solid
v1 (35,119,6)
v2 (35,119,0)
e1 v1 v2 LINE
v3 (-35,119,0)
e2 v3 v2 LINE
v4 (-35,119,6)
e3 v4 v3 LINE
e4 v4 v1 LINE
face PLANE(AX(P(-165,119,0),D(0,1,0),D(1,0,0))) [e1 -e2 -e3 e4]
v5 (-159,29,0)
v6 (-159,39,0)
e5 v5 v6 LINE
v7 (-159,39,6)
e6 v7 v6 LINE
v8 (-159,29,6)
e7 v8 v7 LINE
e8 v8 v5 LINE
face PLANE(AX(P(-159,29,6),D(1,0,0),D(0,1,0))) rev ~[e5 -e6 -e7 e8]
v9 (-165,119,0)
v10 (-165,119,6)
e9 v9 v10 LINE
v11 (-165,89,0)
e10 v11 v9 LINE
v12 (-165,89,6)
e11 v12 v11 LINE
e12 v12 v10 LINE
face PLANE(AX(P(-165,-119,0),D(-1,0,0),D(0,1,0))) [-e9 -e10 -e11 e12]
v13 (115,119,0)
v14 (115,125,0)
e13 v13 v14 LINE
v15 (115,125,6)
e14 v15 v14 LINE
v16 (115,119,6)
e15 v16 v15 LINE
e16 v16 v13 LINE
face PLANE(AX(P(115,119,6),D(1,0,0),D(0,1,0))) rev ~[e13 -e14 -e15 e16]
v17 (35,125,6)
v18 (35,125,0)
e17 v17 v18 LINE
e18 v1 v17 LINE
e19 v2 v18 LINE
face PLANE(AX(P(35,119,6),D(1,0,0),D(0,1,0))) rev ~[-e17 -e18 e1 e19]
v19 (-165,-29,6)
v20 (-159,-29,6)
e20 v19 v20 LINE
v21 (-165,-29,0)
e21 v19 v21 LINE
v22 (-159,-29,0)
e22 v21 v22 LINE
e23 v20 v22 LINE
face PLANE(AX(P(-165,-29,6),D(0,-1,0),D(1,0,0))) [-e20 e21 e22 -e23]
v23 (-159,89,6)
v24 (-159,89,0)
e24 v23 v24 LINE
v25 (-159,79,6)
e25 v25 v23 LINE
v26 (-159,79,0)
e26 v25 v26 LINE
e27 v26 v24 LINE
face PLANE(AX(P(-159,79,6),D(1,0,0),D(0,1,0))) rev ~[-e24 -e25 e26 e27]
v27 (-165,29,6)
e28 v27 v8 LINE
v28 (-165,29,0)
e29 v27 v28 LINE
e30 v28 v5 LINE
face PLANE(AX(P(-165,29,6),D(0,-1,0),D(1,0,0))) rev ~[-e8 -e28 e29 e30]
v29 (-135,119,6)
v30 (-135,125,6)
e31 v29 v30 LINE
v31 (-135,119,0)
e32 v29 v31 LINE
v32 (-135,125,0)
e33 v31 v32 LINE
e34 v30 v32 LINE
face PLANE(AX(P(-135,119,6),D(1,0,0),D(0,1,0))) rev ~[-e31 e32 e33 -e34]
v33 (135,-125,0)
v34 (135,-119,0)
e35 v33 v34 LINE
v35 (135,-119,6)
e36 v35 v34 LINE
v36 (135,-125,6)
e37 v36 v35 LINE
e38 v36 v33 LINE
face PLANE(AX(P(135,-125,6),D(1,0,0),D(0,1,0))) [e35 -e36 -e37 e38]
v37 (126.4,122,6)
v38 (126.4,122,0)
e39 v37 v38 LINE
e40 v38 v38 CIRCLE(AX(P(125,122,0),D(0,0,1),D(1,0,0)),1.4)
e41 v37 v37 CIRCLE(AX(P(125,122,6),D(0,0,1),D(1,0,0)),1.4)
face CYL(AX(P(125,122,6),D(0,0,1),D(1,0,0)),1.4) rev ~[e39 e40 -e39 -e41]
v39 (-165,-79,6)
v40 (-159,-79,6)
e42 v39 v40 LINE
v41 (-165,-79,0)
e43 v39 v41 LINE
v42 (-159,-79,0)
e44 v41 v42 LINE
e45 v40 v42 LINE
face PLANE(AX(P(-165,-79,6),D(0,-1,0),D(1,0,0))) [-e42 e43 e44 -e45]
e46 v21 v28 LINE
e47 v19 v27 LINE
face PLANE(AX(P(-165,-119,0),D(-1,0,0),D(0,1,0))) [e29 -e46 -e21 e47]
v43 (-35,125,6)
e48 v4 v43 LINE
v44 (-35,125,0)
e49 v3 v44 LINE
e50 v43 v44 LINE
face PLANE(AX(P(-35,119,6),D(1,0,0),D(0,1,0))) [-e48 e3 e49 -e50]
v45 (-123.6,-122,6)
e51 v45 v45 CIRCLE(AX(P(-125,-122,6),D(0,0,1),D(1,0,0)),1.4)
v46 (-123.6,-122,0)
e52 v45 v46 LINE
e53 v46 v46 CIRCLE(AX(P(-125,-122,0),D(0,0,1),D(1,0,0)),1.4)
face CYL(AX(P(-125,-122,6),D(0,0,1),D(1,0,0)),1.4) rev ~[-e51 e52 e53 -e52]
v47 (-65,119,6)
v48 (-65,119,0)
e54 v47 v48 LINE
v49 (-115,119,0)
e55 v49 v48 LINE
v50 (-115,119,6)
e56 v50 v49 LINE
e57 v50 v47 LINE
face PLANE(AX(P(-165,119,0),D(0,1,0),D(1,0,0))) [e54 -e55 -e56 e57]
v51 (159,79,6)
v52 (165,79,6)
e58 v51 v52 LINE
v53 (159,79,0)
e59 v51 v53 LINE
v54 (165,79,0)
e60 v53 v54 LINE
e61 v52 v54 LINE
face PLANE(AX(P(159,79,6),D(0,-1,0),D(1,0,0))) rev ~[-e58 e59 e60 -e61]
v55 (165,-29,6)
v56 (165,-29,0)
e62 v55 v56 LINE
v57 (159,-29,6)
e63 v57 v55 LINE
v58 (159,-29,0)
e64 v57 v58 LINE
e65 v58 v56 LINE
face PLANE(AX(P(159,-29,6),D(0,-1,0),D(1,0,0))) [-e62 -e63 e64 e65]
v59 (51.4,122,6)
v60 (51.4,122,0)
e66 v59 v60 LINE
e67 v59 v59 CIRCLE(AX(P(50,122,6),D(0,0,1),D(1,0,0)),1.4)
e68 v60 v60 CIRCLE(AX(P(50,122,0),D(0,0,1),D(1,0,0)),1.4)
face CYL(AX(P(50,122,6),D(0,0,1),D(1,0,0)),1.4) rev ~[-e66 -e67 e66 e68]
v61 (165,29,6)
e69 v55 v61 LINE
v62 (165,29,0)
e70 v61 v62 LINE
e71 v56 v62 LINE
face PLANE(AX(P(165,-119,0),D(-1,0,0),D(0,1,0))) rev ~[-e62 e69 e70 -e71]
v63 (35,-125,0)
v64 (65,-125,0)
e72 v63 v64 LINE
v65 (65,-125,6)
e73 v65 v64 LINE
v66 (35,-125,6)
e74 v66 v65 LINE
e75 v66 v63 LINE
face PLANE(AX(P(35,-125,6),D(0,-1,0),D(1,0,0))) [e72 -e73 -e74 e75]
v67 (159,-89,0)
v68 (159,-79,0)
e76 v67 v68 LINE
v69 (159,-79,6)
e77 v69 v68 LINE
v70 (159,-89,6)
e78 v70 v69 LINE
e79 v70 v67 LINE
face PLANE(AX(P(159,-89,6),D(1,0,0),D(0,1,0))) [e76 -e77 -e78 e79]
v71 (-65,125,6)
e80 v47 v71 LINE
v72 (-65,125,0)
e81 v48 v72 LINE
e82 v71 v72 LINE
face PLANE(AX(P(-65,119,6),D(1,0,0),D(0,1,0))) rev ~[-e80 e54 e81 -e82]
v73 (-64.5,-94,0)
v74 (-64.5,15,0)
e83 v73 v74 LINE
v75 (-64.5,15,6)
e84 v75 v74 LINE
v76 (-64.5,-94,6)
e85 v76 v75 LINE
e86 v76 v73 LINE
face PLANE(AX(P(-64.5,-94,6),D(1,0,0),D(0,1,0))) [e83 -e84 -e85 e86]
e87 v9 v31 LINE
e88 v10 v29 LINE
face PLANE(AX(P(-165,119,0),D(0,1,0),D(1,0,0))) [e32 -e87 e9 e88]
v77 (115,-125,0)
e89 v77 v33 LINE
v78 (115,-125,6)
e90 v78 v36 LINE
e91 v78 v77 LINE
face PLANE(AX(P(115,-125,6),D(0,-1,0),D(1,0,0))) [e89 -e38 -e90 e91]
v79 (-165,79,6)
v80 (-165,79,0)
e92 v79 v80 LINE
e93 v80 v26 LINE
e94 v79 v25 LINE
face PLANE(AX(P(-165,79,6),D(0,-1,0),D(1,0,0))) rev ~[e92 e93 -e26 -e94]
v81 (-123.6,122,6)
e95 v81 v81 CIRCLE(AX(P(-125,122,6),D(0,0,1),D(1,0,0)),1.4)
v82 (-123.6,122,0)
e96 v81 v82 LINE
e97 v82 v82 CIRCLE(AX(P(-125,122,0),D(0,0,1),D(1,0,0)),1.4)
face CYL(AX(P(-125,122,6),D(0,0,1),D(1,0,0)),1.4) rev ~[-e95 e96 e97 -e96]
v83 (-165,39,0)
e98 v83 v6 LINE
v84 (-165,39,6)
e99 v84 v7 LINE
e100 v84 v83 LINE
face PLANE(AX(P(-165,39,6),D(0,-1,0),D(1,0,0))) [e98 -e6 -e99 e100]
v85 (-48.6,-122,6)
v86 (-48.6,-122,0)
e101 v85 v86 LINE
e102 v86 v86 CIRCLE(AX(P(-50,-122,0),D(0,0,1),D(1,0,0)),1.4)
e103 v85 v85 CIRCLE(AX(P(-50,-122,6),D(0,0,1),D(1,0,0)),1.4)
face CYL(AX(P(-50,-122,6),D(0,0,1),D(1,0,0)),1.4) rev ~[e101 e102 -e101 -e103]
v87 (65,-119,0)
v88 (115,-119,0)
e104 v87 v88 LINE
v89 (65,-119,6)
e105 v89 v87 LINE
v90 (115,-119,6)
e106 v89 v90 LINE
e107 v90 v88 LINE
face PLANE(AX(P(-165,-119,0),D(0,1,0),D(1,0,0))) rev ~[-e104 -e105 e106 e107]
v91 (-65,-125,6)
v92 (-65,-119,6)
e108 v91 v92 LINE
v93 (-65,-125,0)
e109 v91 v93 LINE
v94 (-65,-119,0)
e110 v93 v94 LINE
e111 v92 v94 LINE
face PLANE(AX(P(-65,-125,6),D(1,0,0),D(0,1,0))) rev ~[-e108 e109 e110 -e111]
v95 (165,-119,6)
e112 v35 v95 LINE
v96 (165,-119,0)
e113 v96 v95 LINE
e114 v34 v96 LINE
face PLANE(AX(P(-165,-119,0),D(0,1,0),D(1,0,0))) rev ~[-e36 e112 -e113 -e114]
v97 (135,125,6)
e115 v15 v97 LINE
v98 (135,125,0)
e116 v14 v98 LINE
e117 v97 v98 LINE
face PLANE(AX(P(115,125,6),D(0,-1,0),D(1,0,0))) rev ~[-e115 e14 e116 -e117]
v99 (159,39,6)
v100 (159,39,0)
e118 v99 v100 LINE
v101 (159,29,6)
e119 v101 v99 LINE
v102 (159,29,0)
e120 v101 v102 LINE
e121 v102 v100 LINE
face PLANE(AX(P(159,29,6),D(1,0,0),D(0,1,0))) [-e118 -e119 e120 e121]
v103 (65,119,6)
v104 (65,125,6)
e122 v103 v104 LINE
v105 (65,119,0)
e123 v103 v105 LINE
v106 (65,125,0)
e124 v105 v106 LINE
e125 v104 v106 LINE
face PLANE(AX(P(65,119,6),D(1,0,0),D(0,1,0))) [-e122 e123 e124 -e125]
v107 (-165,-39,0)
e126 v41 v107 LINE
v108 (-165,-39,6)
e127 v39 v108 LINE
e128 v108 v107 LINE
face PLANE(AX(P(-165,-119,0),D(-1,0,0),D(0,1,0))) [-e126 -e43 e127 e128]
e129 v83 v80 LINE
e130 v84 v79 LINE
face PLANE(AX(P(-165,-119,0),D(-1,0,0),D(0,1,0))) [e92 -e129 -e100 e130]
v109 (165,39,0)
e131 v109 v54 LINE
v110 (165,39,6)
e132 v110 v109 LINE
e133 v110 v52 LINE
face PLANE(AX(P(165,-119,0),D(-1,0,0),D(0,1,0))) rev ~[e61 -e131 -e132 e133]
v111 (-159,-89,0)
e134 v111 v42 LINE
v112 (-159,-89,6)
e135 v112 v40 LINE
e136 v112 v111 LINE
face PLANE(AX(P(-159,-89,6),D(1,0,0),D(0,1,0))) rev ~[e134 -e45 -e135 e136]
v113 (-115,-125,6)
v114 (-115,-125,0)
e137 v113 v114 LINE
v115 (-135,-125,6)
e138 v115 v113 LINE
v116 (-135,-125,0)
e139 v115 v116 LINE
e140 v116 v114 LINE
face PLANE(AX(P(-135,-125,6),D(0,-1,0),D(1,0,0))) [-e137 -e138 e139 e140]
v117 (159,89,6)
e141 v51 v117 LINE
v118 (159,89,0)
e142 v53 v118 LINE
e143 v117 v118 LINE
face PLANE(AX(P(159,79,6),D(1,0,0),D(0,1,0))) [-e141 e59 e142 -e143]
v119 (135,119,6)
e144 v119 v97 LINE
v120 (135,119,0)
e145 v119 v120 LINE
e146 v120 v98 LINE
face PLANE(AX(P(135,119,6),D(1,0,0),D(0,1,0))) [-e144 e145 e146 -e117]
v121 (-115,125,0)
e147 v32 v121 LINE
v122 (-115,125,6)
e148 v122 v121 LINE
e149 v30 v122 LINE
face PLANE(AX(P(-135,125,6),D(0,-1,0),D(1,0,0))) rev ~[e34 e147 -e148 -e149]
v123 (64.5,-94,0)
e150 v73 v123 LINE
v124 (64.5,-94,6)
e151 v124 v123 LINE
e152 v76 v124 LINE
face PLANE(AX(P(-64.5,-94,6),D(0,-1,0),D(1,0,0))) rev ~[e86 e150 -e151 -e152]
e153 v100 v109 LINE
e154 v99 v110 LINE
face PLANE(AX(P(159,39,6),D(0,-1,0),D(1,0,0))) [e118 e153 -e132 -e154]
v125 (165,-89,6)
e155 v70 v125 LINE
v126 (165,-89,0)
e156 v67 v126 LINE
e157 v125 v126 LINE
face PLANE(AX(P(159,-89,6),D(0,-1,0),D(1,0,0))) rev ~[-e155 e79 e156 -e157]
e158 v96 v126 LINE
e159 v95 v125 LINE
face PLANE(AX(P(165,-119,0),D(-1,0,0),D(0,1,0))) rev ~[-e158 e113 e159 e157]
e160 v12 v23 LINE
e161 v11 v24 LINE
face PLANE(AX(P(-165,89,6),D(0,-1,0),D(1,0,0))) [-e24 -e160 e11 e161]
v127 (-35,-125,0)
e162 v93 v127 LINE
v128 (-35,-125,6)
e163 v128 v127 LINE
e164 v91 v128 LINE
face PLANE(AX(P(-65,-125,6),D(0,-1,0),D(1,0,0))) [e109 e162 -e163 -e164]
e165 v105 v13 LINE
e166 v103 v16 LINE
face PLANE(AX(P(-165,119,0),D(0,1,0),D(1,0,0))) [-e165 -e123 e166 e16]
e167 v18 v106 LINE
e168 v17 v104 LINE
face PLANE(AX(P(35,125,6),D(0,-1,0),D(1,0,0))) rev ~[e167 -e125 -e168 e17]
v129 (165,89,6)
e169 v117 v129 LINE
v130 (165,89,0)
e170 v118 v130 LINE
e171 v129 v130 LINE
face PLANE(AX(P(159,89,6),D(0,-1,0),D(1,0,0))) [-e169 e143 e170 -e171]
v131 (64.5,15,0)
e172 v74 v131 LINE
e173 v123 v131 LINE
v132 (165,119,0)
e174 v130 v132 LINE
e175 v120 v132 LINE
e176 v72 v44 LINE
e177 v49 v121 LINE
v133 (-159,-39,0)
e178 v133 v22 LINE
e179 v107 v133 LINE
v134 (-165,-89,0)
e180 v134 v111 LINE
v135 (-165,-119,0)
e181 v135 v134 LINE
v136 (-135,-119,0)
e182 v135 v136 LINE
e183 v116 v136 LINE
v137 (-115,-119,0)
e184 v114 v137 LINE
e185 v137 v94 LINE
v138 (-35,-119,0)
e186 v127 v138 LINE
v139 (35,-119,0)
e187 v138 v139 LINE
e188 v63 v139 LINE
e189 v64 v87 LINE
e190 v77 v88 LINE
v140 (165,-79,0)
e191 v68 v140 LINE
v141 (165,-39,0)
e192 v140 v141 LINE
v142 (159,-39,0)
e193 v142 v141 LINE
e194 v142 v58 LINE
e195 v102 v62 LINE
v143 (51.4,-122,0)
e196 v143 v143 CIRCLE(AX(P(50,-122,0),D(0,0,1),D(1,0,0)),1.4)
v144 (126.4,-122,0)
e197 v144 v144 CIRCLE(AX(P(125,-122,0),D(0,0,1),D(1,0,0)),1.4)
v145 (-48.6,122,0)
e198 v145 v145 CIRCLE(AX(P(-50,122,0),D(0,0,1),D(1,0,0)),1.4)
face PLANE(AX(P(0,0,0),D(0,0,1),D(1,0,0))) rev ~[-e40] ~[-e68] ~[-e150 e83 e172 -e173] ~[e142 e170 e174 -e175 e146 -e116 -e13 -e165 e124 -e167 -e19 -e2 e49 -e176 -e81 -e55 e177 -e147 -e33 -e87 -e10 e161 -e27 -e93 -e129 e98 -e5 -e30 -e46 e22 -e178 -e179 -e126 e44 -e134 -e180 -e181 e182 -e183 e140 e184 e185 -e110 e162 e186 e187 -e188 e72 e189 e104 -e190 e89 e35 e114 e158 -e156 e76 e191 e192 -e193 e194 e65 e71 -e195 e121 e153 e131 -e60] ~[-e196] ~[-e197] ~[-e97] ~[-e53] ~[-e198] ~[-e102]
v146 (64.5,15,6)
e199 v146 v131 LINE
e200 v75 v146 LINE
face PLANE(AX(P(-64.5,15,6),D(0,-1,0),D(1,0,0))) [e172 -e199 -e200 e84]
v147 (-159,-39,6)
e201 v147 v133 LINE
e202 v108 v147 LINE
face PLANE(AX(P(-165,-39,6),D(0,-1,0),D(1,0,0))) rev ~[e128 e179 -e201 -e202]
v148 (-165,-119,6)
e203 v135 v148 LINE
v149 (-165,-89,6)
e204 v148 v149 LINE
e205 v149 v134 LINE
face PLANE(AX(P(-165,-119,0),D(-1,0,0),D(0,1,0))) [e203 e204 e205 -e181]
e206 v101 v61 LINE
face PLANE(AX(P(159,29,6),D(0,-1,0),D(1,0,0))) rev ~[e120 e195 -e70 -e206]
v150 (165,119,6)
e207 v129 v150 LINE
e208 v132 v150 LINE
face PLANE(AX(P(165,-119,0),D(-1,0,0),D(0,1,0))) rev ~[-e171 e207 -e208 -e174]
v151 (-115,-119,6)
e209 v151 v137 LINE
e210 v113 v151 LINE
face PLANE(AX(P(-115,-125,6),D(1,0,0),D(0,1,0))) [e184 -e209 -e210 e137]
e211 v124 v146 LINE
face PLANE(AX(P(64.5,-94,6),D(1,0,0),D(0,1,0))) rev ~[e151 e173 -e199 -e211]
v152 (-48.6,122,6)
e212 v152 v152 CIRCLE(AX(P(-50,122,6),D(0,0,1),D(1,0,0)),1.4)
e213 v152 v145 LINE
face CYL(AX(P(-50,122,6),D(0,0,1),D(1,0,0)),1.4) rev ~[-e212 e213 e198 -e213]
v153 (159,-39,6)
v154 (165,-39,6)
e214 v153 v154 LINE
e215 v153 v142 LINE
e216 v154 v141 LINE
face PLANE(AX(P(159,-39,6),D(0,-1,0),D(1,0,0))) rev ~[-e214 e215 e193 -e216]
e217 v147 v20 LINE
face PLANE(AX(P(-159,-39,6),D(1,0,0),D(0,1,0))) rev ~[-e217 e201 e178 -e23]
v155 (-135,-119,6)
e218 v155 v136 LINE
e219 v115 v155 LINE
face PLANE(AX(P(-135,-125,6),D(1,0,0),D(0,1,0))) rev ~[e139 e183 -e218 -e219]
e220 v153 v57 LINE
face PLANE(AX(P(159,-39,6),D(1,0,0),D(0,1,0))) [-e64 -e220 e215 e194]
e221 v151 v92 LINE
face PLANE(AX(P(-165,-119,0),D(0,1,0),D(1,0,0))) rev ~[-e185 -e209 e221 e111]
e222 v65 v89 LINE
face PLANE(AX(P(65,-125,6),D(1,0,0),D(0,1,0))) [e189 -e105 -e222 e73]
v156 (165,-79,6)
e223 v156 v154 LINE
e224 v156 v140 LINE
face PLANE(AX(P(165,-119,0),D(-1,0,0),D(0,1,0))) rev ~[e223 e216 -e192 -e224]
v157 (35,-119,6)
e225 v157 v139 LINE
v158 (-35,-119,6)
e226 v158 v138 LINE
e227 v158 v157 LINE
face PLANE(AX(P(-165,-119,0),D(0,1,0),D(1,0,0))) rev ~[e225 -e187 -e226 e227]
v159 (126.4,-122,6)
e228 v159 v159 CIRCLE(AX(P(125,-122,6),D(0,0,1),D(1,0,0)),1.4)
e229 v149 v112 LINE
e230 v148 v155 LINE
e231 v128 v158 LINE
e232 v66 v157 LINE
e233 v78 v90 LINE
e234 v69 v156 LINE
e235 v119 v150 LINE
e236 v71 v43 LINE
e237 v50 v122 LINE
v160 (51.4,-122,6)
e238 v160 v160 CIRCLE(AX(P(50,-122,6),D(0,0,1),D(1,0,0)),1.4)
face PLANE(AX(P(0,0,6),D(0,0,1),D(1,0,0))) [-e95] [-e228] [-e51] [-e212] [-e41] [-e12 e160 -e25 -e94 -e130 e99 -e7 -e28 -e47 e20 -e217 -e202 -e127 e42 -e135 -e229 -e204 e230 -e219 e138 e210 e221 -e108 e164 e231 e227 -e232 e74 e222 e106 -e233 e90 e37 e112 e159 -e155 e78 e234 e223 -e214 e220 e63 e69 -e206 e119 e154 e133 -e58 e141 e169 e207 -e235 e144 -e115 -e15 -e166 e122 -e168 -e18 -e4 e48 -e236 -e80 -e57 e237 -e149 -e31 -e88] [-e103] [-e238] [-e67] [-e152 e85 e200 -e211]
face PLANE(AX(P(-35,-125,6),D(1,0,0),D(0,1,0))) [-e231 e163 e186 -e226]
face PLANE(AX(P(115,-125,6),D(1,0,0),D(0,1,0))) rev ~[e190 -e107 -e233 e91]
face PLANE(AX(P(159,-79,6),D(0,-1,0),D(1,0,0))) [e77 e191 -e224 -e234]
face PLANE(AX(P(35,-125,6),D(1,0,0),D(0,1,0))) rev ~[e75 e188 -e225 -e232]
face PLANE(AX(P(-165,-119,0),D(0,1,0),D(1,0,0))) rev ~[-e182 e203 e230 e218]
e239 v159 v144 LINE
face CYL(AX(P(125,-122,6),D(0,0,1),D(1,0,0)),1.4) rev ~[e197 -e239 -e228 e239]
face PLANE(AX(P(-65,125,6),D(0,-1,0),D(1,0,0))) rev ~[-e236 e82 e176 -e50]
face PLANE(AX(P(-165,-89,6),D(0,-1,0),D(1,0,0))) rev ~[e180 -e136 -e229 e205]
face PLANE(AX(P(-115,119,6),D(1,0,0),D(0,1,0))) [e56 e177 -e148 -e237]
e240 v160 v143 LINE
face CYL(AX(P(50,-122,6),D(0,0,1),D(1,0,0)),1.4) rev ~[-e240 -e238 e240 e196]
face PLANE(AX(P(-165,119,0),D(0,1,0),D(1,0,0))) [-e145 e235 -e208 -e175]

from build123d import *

# Parameters (mm, degrees)
ESQUISSE1_W             = 330
ESQUISSE1_H             = 238
BOSS_EXTRU_1_DEPTH      = 6
ESQUISSE2_W             = 129
ESQUISSE2_H             = 109
ENL_V_MAT_EXTRU_1_DEPTH = 6
ESQUISSE3_W             = 20
ESQUISSE3_H             = 6
ESQUISSE3_W_2           = 30
BOSS_EXTRU_4_DEPTH      = 6
ESQUISSE4_W             = 6
ESQUISSE4_H             = 10
ENL_V_MAT_EXTRU_3_DEPTH = 6
ESQUISSE5_R             = 1.4
ENL_V_MAT_EXTRU_4_DEPTH = 6


with BuildPart() as part:
    # Esquisse1 → Boss.-Extru.1 (new body)
    with BuildSketch(Plane.XY):
        Rectangle(ESQUISSE1_W, ESQUISSE1_H)
    extrude(amount=BOSS_EXTRU_1_DEPTH)

    # Esquisse2 → Enlèv. mat.-Extru.1 (cut)
    with BuildSketch(Plane.XY.offset(6)):
        with Locations((0, -39.5)):
            Rectangle(ESQUISSE2_W, ESQUISSE2_H)
    extrude(amount=-ENL_V_MAT_EXTRU_1_DEPTH, mode=Mode.SUBTRACT)

    # Esquisse3 → Boss.-Extru.4 (add)
    with BuildSketch(Plane.XY.offset(6)):
        with Locations((-125, 122)):
            Rectangle(ESQUISSE3_W, ESQUISSE3_H)
        with Locations((-50, 122)):
            Rectangle(ESQUISSE3_W_2, ESQUISSE3_H)
        with Locations((50, 122)):
            Rectangle(ESQUISSE3_W_2, ESQUISSE3_H)
        with Locations((125, 122)):
            Rectangle(ESQUISSE3_W, ESQUISSE3_H)
        with Locations((125, -122)):
            Rectangle(ESQUISSE3_W, ESQUISSE3_H)
        with Locations((50, -122)):
            Rectangle(ESQUISSE3_W_2, ESQUISSE3_H)
        with Locations((-50, -122)):
            Rectangle(ESQUISSE3_W_2, ESQUISSE3_H)
        with Locations((-125, -122)):
            Rectangle(ESQUISSE3_W, ESQUISSE3_H)
    extrude(amount=-BOSS_EXTRU_4_DEPTH)

    # Esquisse4 → Enlèv. mat.-Extru.3 (cut)
    with BuildSketch(Plane.XY.offset(6)):
        with Locations((-162, 84)):
            Rectangle(ESQUISSE4_W, ESQUISSE4_H)
        with Locations((-162, 34)):
            Rectangle(ESQUISSE4_W, ESQUISSE4_H)
        with Locations((-162, -84)):
            Rectangle(ESQUISSE4_W, ESQUISSE4_H)
        with Locations((-162, -34)):
            Rectangle(ESQUISSE4_W, ESQUISSE4_H)
        with Locations((162, -84)):
            Rectangle(ESQUISSE4_W, ESQUISSE4_H)
        with Locations((162, -34)):
            Rectangle(ESQUISSE4_W, ESQUISSE4_H)
        with Locations((162, 34)):
            Rectangle(ESQUISSE4_W, ESQUISSE4_H)
        with Locations((162, 84)):
            Rectangle(ESQUISSE4_W, ESQUISSE4_H)
    extrude(amount=-ENL_V_MAT_EXTRU_3_DEPTH, mode=Mode.SUBTRACT)

    # Esquisse5 → Enlèv. mat.-Extru.4 (cut)
    with BuildSketch(Plane.XY.offset(6)):
        with Locations((-125, 122)):
            Circle(ESQUISSE5_R)
        with Locations((-50, 122)):
            Circle(ESQUISSE5_R)
        with Locations((50, 122)):
            Circle(ESQUISSE5_R)
        with Locations((125, 122)):
            Circle(ESQUISSE5_R)
        with Locations((125, -122)):
            Circle(ESQUISSE5_R)
        with Locations((50, -122)):
            Circle(ESQUISSE5_R)
        with Locations((-50, -122)):
            Circle(ESQUISSE5_R)
        with Locations((-125, -122)):
            Circle(ESQUISSE5_R)
    extrude(amount=-ENL_V_MAT_EXTRU_4_DEPTH, mode=Mode.SUBTRACT)


solid = part.part
